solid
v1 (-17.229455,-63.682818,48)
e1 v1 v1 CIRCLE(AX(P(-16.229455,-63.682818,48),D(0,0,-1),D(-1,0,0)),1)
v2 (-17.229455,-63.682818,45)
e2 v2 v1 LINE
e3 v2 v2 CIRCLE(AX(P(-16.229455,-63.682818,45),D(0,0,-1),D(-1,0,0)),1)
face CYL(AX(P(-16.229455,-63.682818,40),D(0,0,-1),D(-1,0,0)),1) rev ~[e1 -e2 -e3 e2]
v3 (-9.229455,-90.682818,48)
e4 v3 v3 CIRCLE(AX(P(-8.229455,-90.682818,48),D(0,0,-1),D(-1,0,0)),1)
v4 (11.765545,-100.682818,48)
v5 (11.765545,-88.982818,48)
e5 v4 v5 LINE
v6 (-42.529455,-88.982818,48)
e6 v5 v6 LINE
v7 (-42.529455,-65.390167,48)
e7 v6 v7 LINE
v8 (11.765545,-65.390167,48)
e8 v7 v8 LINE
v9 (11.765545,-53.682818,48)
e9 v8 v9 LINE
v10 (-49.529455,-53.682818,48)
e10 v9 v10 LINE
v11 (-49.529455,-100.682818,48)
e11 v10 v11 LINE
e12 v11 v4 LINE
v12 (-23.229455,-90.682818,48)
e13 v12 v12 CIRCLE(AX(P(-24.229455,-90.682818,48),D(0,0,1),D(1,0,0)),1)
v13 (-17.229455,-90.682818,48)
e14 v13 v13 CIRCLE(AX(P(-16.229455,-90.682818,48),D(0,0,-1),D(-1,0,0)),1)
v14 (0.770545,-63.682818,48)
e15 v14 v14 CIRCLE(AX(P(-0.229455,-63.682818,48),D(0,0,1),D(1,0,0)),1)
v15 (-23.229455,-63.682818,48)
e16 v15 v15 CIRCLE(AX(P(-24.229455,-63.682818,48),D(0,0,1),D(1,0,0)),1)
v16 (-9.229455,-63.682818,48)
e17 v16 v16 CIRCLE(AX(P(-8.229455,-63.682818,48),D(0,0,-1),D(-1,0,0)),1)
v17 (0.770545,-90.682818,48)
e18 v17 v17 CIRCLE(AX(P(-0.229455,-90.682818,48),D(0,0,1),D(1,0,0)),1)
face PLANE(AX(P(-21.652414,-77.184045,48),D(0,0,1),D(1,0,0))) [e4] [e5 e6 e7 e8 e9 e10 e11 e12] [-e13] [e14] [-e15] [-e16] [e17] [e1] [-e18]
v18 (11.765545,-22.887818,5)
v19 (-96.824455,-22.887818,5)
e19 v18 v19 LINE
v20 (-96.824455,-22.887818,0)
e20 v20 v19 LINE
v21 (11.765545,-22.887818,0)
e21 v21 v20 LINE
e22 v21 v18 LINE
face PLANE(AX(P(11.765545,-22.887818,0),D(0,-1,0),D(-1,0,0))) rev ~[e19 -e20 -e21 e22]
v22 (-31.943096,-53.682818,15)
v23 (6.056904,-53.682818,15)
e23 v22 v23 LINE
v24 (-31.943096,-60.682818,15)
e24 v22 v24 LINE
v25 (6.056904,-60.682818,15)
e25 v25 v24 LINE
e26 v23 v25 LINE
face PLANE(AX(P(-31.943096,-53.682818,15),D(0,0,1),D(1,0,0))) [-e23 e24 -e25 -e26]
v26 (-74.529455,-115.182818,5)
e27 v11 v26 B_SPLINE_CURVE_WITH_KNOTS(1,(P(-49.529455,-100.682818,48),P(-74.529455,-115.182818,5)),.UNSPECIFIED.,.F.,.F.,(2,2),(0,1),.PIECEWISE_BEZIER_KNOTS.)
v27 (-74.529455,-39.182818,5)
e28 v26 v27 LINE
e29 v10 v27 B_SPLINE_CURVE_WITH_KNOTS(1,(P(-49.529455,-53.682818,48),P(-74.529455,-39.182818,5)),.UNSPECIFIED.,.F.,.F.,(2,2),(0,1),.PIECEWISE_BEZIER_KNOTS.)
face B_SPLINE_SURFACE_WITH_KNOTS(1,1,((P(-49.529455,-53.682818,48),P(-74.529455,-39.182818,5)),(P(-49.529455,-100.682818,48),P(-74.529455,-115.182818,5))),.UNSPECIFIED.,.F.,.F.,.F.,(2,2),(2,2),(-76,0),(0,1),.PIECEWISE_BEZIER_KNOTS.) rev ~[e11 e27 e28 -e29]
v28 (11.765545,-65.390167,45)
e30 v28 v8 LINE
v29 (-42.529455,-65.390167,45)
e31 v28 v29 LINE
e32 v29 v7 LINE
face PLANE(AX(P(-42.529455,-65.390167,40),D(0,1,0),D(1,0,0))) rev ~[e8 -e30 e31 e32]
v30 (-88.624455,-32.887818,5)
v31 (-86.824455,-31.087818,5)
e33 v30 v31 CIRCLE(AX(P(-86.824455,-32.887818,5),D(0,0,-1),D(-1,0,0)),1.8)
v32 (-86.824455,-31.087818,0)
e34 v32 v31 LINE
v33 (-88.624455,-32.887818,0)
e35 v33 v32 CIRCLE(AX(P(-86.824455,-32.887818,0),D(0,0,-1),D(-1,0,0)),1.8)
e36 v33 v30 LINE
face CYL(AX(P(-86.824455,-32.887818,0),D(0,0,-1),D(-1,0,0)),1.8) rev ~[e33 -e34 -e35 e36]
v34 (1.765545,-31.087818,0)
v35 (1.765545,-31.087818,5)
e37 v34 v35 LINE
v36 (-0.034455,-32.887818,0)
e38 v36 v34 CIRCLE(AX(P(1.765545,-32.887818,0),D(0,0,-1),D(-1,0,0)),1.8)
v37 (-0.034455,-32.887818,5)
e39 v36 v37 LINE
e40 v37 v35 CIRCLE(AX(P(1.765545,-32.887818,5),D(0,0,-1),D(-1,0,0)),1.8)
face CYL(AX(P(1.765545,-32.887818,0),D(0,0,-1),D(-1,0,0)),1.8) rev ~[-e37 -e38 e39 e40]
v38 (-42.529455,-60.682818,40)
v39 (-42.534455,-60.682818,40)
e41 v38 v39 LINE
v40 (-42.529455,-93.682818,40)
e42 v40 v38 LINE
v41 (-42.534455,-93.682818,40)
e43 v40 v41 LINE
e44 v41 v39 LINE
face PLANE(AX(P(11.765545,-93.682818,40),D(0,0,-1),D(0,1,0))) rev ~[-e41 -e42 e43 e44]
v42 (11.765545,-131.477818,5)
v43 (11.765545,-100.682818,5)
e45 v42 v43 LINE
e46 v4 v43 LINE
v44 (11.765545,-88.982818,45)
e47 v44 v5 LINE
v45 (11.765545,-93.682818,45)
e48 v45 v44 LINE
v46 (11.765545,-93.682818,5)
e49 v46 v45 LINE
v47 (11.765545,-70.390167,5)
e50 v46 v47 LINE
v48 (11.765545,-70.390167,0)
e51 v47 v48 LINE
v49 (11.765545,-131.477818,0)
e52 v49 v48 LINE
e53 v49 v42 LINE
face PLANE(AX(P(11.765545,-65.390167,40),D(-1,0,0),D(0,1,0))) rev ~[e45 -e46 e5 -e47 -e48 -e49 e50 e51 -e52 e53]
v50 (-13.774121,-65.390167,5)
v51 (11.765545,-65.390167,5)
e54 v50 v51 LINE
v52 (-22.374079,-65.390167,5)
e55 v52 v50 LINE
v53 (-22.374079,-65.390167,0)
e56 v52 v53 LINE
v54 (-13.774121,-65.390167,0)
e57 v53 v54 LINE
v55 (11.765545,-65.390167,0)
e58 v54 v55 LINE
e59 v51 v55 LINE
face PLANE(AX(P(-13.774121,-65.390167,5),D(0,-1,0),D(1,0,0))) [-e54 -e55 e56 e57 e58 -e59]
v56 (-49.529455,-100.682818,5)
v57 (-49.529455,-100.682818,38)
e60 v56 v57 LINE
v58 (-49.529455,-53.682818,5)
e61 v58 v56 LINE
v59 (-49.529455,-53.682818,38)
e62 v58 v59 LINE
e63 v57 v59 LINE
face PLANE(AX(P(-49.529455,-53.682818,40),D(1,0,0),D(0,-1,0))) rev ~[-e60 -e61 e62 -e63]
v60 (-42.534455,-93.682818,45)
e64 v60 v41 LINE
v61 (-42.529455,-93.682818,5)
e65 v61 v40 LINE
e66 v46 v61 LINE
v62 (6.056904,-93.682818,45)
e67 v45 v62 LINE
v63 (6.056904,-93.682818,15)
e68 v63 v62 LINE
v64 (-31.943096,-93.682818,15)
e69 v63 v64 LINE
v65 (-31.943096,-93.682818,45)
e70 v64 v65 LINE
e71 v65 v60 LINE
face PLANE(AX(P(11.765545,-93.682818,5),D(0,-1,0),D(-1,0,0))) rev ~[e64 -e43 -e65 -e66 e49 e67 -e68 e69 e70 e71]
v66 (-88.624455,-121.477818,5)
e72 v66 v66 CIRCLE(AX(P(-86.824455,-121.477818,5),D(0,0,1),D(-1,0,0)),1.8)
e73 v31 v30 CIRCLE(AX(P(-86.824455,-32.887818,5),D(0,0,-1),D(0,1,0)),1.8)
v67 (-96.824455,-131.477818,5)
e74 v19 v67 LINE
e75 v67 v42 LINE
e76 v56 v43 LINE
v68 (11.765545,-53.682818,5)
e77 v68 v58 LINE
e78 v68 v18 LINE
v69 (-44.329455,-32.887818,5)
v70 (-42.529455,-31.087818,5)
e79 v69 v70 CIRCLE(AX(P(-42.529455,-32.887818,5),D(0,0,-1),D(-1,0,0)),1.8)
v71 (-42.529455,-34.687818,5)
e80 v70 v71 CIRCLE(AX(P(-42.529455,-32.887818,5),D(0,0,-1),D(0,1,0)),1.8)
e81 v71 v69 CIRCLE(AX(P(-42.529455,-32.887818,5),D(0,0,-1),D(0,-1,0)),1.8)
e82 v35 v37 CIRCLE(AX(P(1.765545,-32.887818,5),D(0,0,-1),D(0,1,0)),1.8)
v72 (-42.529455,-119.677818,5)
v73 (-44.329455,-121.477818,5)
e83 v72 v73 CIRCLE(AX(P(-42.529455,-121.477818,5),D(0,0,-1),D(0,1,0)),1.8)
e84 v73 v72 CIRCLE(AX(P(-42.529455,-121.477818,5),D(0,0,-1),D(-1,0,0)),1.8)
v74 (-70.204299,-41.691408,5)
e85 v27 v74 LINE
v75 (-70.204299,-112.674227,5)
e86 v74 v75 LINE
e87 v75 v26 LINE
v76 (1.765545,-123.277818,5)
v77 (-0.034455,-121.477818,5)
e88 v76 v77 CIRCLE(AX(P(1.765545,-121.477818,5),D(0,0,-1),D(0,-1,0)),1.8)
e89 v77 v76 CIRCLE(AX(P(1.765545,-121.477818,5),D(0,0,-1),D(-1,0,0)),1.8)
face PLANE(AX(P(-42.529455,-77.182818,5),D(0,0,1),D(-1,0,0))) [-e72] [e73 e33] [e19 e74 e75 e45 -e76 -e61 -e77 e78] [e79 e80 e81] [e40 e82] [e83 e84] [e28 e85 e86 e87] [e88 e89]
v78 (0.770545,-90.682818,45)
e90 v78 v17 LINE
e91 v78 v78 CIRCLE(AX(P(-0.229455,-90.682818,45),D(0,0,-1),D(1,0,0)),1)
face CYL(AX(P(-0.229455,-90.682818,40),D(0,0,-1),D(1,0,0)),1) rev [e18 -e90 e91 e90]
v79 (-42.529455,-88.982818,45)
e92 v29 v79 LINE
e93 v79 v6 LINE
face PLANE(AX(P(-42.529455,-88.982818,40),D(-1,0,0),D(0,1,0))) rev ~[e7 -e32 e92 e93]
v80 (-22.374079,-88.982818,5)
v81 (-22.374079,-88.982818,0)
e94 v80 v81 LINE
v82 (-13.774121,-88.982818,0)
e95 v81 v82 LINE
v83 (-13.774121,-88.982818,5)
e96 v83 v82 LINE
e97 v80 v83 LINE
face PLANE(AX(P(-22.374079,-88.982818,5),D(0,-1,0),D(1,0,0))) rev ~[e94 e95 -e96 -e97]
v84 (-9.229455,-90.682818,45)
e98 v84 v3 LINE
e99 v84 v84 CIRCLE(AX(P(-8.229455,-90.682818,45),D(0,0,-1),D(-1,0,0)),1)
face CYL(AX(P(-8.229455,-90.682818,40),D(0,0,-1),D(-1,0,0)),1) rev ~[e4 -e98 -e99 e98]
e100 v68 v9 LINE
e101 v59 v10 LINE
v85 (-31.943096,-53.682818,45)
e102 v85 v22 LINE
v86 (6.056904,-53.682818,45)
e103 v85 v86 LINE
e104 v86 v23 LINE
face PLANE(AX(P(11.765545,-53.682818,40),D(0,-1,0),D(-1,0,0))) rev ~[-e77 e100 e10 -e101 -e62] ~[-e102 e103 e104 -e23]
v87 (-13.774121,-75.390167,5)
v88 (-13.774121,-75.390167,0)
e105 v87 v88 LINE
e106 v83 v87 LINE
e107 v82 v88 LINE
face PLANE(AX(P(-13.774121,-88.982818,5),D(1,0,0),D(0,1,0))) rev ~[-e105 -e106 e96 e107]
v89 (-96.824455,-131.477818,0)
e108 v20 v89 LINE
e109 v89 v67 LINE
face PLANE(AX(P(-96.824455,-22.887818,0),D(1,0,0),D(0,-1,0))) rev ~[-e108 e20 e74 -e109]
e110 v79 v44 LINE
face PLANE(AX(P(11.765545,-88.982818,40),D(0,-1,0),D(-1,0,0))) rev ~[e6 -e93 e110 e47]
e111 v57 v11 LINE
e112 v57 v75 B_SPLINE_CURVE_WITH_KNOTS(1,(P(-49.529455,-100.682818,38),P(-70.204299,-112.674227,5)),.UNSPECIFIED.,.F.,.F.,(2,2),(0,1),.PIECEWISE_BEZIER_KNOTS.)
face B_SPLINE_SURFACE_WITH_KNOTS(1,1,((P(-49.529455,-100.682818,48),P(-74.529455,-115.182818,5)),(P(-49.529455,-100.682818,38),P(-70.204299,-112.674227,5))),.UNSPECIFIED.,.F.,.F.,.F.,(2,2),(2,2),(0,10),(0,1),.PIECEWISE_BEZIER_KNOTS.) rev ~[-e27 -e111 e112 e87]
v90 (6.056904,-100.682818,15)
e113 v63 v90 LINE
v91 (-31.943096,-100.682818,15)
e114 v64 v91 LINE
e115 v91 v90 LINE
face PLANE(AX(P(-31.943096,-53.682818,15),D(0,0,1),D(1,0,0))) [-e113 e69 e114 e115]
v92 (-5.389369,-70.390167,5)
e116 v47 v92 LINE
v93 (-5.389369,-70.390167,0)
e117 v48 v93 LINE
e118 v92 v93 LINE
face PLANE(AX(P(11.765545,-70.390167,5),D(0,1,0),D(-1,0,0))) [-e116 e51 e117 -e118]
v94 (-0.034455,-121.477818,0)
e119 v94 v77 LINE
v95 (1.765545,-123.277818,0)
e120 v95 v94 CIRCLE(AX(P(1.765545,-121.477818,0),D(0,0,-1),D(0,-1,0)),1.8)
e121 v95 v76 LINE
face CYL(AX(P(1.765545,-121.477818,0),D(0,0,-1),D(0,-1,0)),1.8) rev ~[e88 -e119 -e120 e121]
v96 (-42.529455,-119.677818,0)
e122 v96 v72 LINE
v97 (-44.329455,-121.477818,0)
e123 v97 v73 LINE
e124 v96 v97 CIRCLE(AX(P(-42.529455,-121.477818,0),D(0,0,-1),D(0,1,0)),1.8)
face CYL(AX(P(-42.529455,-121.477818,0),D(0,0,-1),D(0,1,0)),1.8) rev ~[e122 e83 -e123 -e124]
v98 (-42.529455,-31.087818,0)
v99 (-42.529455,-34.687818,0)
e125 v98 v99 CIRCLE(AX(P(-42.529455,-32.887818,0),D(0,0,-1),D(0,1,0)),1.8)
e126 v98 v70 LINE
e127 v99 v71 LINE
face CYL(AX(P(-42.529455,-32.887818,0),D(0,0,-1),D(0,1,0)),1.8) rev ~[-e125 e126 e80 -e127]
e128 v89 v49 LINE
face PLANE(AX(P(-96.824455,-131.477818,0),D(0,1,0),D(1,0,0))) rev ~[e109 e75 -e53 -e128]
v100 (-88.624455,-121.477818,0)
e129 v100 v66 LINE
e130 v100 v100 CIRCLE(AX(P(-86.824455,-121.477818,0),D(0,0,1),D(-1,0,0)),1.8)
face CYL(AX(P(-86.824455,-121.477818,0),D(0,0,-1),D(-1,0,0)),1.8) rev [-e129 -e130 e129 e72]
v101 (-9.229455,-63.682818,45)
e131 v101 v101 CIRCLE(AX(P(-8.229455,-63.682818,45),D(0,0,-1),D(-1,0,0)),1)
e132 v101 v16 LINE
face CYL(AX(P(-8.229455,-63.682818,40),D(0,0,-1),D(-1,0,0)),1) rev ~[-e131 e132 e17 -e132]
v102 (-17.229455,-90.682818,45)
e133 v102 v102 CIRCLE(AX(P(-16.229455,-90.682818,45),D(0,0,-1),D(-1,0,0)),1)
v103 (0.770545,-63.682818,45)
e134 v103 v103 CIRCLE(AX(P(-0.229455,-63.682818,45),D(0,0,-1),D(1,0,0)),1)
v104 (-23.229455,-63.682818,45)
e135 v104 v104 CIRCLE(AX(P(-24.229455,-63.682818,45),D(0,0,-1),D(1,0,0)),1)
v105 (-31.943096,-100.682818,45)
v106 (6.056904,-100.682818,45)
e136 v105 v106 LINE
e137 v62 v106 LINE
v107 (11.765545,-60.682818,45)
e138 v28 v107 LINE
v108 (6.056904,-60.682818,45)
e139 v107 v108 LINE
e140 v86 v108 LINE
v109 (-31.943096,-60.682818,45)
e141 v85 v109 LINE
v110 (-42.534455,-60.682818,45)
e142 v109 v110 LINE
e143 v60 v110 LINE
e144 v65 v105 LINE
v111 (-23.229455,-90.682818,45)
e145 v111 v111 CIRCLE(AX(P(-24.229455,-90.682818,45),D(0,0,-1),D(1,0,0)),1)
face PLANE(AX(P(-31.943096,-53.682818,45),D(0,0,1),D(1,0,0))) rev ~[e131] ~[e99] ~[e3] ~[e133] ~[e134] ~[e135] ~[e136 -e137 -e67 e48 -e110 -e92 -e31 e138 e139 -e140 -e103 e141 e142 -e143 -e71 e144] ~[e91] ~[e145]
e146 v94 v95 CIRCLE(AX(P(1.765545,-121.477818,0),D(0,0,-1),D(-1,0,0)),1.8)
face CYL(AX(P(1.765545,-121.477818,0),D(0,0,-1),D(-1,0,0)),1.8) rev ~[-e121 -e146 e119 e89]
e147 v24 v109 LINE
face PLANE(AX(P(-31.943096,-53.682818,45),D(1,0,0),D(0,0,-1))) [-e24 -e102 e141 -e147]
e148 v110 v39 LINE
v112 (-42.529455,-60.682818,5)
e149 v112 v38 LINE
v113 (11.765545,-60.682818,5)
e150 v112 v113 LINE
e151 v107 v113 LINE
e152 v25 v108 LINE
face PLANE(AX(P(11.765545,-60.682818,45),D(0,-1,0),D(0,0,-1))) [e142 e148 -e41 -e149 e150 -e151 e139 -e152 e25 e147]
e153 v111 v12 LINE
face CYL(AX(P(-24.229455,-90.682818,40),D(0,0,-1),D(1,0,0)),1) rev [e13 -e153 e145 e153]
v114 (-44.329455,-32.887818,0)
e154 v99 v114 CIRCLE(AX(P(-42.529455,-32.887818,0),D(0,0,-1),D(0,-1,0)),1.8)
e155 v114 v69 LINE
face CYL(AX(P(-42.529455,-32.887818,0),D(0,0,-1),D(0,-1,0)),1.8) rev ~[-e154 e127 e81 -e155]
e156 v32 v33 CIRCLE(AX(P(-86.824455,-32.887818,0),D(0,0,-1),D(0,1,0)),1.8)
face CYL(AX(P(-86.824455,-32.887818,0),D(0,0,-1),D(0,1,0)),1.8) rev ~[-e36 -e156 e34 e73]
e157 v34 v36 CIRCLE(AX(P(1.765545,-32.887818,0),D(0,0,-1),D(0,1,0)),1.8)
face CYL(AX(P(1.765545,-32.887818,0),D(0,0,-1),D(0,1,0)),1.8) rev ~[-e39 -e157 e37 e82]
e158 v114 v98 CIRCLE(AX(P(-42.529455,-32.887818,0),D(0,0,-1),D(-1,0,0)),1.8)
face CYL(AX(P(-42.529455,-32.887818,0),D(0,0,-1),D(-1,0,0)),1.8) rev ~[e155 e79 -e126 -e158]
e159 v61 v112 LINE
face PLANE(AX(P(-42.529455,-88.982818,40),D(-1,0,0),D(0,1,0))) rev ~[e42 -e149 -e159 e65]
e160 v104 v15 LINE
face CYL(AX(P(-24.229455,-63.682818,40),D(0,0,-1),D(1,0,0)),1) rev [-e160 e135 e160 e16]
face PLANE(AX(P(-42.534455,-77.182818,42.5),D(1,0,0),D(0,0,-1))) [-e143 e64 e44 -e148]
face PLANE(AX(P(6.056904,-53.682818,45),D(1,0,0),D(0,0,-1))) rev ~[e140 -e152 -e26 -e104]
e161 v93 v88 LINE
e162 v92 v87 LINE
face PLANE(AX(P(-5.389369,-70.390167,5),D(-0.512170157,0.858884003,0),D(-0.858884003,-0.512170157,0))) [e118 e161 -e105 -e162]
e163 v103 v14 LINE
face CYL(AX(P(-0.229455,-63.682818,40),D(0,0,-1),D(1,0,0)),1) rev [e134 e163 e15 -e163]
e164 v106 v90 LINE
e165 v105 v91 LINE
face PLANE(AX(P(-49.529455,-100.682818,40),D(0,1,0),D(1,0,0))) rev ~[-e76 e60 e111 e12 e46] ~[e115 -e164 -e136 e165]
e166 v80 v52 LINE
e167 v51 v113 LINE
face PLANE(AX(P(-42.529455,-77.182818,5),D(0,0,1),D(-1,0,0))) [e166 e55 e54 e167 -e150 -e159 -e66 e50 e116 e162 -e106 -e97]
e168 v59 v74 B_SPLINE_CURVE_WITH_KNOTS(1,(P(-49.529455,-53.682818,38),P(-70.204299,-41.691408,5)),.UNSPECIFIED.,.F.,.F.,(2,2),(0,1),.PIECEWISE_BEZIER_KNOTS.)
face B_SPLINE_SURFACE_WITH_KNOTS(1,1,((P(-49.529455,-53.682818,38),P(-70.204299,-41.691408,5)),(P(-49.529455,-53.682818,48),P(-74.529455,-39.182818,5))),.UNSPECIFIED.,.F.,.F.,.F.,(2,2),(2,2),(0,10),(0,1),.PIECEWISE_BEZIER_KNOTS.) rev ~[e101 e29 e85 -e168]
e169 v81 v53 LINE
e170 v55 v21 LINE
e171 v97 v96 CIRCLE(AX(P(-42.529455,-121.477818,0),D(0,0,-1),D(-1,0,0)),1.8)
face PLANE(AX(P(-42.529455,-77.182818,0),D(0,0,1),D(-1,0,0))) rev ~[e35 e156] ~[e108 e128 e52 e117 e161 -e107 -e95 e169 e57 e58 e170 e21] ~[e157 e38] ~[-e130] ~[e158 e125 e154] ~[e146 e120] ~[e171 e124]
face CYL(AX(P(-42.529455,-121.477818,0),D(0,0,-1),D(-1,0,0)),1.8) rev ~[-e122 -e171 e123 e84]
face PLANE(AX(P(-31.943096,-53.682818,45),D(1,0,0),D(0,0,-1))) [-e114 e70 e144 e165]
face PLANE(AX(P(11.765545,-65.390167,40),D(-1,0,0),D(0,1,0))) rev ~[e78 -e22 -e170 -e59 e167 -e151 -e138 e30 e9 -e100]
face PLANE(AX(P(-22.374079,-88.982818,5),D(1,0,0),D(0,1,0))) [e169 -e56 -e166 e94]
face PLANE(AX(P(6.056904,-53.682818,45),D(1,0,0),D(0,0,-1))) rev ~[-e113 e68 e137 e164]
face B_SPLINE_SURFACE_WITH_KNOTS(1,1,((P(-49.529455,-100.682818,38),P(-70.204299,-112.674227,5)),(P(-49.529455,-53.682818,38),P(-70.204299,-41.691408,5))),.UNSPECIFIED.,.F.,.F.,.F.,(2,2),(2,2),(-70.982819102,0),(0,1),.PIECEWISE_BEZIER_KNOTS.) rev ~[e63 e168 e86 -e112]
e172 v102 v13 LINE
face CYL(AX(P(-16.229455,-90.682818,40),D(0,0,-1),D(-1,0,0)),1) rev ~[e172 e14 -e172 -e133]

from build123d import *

# Parameters (mm, degrees)
ESQUISSE1_R             = 1.8
BOSS_EXTRU_1_DEPTH      = 5
BOSS_EXTRU_2_DEPTH      = 35
ESQUISSE3_R             = 1
BOSS_EXTRU_3_DEPTH      = 8
ESQUISSE4_W             = 8.59995714
ESQUISSE4_H             = 23.592650329
ENL_V_MAT_EXTRU_1_DEPTH = 5
ESQUISSE8_W             = 5
ESQUISSE8_H             = 33
ENL_V_MAT_EXTRU_2_DEPTH = 54.3
ESQUISSE9_W             = 38
ESQUISSE9_H             = 30
ENL_V_MAT_EXTRU_3_DEPTH = 134.157940401
ENL_V_MAT_EXTRU_4_DEPTH = 74.3


with BuildPart() as part:
    # Esquisse1 → Boss.-Extru.1 (new body)
    with BuildSketch(Plane(origin=(0, 0, 0), x_dir=(-1, 0, 0), z_dir=(0, 0, 1))):
        Polygon((96.824454852, 121.477817805), (96.824454852, 131.477817805), (-1.765545148, 131.477817805), (-11.765545148, 131.477817805), (-11.765545148, 22.887817805), (-1.765545148, 22.887817805), (42.529454852, 22.887817805), (86.824454852, 22.887817805), (96.824454852, 22.887817805), align=None)
        with BuildLine():
            ThreePointArc((0.034454852, 32.887817805), (-0.492752942, 31.615025599), (-1.765545148, 31.087817805))
            ThreePointArc((-1.765545148, 31.087817805), (-3.038337355, 34.160610011), (0.034454852, 32.887817805))
        make_face(mode=Mode.SUBTRACT)
        with BuildLine():
            ThreePointArc((44.329454852, 32.887817805), (43.802247058, 31.615025599), (42.529454852, 31.087817805))
            ThreePointArc((42.529454852, 31.087817805), (40.729454852, 32.887817805), (42.529454852, 34.687817805))
            ThreePointArc((42.529454852, 34.687817805), (43.802247058, 34.160610011), (44.329454852, 32.887817805))
        make_face(mode=Mode.SUBTRACT)
        with BuildLine():
            ThreePointArc((88.624454852, 32.887817805), (88.097247058, 31.615025599), (86.824454852, 31.087817805))
            ThreePointArc((86.824454852, 31.087817805), (85.551662645, 34.160610011), (88.624454852, 32.887817805))
        make_face(mode=Mode.SUBTRACT)
        with BuildLine():
            ThreePointArc((0.034454852, 121.477817805), (-3.038337355, 120.205025599), (-1.765545148, 123.277817805))
            ThreePointArc((-1.765545148, 123.277817805), (-0.492752942, 122.750610011), (0.034454852, 121.477817805))
        make_face(mode=Mode.SUBTRACT)
        with BuildLine():
            ThreePointArc((44.329454852, 121.477817805), (43.802247058, 120.205025599), (42.529454852, 119.677817805))
            ThreePointArc((42.529454852, 119.677817805), (41.256662645, 122.750610011), (44.329454852, 121.477817805))
        make_face(mode=Mode.SUBTRACT)
        with Locations((86.824454852, 121.477817805)):
            Circle(ESQUISSE1_R, mode=Mode.SUBTRACT)
    extrude(amount=BOSS_EXTRU_1_DEPTH)

    # Esquisse2 → Boss.-Extru.2 (add)
    with BuildSketch(Plane.XY.offset(5)):
        Polygon((11.765545148, -53.682817805), (-49.529454852, -53.682817805), (-49.529454852, -100.682817805), (11.765545148, -100.682817805), (11.765545148, -93.682817805), (-42.529454852, -93.682817805), (-42.529454852, -60.682817805), (11.765545148, -60.682817805), align=None)
    extrude(amount=BOSS_EXTRU_2_DEPTH)

    # Esquisse3 → Boss.-Extru.3 (add)
    with BuildSketch(Plane.XY.offset(40)):
        Polygon((-42.529454852, -65.390167476), (11.765545148, -65.390167476), (11.765545148, -53.682817805), (-49.529454852, -53.682817805), (-49.529454852, -100.682817805), (11.765545148, -100.682817805), (11.765545148, -88.982817805), (-42.529454852, -88.982817805), align=None)
        with Locations((-24.229454852, -63.682817805)):
            Circle(ESQUISSE3_R, mode=Mode.SUBTRACT)
        with BuildLine():
            ThreePointArc((-15.229454852, -63.682817805), (-16.229454852, -64.682817805), (-17.229454852, -63.682817805))
            ThreePointArc((-17.229454852, -63.682817805), (-16.229454852, -62.682817805), (-15.229454852, -63.682817805))
        make_face(mode=Mode.SUBTRACT)
        with BuildLine():
            ThreePointArc((-7.229454852, -63.682817805), (-8.229454852, -64.682817805), (-9.229454852, -63.682817805))
            ThreePointArc((-9.229454852, -63.682817805), (-8.229454852, -62.682817805), (-7.229454852, -63.682817805))
        make_face(mode=Mode.SUBTRACT)
        with Locations((-0.229454852, -63.682817805)):
            Circle(ESQUISSE3_R, mode=Mode.SUBTRACT)
        with Locations((-24.229454852, -90.682817805)):
            Circle(ESQUISSE3_R, mode=Mode.SUBTRACT)
        with BuildLine():
            ThreePointArc((-15.229454852, -90.682817805), (-16.229454852, -91.682817805), (-17.229454852, -90.682817805))
            ThreePointArc((-17.229454852, -90.682817805), (-16.229454852, -89.682817805), (-15.229454852, -90.682817805))
        make_face(mode=Mode.SUBTRACT)
        with BuildLine():
            ThreePointArc((-7.229454852, -90.682817805), (-8.229454852, -91.682817805), (-9.229454852, -90.682817805))
            ThreePointArc((-9.229454852, -90.682817805), (-8.229454852, -89.682817805), (-7.229454852, -90.682817805))
        make_face(mode=Mode.SUBTRACT)
        with Locations((-0.229454852, -90.682817805)):
            Circle(ESQUISSE3_R, mode=Mode.SUBTRACT)
    extrude(amount=BOSS_EXTRU_3_DEPTH)

    # Esquisse4 → Enlèv. mat.-Extru.1 (cut)
    with BuildSketch(Plane.XY.offset(5)):
        with Locations((-18.074099951, -77.186492641)):
            Rectangle(ESQUISSE4_W, ESQUISSE4_H)
    extrude(amount=-ENL_V_MAT_EXTRU_1_DEPTH, mode=Mode.SUBTRACT)

    # Esquisse5 → Lissage3 section 0
    with BuildSketch(Plane.ZY.offset(49.529454852)):
        with BuildLine():
            Line((48, -100.682817805), (38, -100.682817805))
            Line((38, -100.682817805), (38, -53.682817805))
            Line((38, -53.682817805), (48, -53.682817805))
            Line((48, -53.682817805), (48, -100.682817805))
        make_face()
    # Esquisse6 → Lissage3 section 1
    with BuildSketch(Plane.XY.offset(5)):
        with BuildLine():
            Line((-74.529454852, -115.182817805), (-74.529454852, -39.182817805))
            Line((-74.529454852, -39.182817805), (-70.204298905, -41.691408254))
            Line((-70.204298905, -41.691408254), (-70.204298905, -112.674227356))
            Line((-70.204298905, -112.674227356), (-74.529454852, -115.182817805))
        make_face()
    loft()

    # Esquisse8 → Enlèv. mat.-Extru.2 (cut)
    with BuildSketch(Plane(origin=(11.765545148, 0, 0), x_dir=(0, 0, -1), z_dir=(1, 0, 0))):
        with Locations((-42.5, -77.182817805)):
            Rectangle(ESQUISSE8_W, ESQUISSE8_H)
    extrude(amount=-ENL_V_MAT_EXTRU_2_DEPTH, mode=Mode.SUBTRACT)

    # Esquisse9 → Enlèv. mat.-Extru.3 (cut, through all)
    with BuildSketch(Plane(origin=(0, -53.682817805, 0), x_dir=(1, 0, 0), z_dir=(0, 1, 0))):
        with Locations((-12.943096448, -30)):
            Rectangle(ESQUISSE9_W, ESQUISSE9_H)
    extrude(amount=-ENL_V_MAT_EXTRU_3_DEPTH, mode=Mode.SUBTRACT)

    # Esquisse10 → Enlèv. mat.-Extru.4 (cut)
    with BuildSketch(Plane.XY.offset(5)):
        Polygon((-13.774121381, -65.390167476), (11.765545148, -65.390167476), (11.765545148, -70.390167476), (-5.389368853, -70.390167476), (-13.774121381, -75.390167476), align=None)
    extrude(amount=-ENL_V_MAT_EXTRU_4_DEPTH, mode=Mode.SUBTRACT)


solid = part.part
